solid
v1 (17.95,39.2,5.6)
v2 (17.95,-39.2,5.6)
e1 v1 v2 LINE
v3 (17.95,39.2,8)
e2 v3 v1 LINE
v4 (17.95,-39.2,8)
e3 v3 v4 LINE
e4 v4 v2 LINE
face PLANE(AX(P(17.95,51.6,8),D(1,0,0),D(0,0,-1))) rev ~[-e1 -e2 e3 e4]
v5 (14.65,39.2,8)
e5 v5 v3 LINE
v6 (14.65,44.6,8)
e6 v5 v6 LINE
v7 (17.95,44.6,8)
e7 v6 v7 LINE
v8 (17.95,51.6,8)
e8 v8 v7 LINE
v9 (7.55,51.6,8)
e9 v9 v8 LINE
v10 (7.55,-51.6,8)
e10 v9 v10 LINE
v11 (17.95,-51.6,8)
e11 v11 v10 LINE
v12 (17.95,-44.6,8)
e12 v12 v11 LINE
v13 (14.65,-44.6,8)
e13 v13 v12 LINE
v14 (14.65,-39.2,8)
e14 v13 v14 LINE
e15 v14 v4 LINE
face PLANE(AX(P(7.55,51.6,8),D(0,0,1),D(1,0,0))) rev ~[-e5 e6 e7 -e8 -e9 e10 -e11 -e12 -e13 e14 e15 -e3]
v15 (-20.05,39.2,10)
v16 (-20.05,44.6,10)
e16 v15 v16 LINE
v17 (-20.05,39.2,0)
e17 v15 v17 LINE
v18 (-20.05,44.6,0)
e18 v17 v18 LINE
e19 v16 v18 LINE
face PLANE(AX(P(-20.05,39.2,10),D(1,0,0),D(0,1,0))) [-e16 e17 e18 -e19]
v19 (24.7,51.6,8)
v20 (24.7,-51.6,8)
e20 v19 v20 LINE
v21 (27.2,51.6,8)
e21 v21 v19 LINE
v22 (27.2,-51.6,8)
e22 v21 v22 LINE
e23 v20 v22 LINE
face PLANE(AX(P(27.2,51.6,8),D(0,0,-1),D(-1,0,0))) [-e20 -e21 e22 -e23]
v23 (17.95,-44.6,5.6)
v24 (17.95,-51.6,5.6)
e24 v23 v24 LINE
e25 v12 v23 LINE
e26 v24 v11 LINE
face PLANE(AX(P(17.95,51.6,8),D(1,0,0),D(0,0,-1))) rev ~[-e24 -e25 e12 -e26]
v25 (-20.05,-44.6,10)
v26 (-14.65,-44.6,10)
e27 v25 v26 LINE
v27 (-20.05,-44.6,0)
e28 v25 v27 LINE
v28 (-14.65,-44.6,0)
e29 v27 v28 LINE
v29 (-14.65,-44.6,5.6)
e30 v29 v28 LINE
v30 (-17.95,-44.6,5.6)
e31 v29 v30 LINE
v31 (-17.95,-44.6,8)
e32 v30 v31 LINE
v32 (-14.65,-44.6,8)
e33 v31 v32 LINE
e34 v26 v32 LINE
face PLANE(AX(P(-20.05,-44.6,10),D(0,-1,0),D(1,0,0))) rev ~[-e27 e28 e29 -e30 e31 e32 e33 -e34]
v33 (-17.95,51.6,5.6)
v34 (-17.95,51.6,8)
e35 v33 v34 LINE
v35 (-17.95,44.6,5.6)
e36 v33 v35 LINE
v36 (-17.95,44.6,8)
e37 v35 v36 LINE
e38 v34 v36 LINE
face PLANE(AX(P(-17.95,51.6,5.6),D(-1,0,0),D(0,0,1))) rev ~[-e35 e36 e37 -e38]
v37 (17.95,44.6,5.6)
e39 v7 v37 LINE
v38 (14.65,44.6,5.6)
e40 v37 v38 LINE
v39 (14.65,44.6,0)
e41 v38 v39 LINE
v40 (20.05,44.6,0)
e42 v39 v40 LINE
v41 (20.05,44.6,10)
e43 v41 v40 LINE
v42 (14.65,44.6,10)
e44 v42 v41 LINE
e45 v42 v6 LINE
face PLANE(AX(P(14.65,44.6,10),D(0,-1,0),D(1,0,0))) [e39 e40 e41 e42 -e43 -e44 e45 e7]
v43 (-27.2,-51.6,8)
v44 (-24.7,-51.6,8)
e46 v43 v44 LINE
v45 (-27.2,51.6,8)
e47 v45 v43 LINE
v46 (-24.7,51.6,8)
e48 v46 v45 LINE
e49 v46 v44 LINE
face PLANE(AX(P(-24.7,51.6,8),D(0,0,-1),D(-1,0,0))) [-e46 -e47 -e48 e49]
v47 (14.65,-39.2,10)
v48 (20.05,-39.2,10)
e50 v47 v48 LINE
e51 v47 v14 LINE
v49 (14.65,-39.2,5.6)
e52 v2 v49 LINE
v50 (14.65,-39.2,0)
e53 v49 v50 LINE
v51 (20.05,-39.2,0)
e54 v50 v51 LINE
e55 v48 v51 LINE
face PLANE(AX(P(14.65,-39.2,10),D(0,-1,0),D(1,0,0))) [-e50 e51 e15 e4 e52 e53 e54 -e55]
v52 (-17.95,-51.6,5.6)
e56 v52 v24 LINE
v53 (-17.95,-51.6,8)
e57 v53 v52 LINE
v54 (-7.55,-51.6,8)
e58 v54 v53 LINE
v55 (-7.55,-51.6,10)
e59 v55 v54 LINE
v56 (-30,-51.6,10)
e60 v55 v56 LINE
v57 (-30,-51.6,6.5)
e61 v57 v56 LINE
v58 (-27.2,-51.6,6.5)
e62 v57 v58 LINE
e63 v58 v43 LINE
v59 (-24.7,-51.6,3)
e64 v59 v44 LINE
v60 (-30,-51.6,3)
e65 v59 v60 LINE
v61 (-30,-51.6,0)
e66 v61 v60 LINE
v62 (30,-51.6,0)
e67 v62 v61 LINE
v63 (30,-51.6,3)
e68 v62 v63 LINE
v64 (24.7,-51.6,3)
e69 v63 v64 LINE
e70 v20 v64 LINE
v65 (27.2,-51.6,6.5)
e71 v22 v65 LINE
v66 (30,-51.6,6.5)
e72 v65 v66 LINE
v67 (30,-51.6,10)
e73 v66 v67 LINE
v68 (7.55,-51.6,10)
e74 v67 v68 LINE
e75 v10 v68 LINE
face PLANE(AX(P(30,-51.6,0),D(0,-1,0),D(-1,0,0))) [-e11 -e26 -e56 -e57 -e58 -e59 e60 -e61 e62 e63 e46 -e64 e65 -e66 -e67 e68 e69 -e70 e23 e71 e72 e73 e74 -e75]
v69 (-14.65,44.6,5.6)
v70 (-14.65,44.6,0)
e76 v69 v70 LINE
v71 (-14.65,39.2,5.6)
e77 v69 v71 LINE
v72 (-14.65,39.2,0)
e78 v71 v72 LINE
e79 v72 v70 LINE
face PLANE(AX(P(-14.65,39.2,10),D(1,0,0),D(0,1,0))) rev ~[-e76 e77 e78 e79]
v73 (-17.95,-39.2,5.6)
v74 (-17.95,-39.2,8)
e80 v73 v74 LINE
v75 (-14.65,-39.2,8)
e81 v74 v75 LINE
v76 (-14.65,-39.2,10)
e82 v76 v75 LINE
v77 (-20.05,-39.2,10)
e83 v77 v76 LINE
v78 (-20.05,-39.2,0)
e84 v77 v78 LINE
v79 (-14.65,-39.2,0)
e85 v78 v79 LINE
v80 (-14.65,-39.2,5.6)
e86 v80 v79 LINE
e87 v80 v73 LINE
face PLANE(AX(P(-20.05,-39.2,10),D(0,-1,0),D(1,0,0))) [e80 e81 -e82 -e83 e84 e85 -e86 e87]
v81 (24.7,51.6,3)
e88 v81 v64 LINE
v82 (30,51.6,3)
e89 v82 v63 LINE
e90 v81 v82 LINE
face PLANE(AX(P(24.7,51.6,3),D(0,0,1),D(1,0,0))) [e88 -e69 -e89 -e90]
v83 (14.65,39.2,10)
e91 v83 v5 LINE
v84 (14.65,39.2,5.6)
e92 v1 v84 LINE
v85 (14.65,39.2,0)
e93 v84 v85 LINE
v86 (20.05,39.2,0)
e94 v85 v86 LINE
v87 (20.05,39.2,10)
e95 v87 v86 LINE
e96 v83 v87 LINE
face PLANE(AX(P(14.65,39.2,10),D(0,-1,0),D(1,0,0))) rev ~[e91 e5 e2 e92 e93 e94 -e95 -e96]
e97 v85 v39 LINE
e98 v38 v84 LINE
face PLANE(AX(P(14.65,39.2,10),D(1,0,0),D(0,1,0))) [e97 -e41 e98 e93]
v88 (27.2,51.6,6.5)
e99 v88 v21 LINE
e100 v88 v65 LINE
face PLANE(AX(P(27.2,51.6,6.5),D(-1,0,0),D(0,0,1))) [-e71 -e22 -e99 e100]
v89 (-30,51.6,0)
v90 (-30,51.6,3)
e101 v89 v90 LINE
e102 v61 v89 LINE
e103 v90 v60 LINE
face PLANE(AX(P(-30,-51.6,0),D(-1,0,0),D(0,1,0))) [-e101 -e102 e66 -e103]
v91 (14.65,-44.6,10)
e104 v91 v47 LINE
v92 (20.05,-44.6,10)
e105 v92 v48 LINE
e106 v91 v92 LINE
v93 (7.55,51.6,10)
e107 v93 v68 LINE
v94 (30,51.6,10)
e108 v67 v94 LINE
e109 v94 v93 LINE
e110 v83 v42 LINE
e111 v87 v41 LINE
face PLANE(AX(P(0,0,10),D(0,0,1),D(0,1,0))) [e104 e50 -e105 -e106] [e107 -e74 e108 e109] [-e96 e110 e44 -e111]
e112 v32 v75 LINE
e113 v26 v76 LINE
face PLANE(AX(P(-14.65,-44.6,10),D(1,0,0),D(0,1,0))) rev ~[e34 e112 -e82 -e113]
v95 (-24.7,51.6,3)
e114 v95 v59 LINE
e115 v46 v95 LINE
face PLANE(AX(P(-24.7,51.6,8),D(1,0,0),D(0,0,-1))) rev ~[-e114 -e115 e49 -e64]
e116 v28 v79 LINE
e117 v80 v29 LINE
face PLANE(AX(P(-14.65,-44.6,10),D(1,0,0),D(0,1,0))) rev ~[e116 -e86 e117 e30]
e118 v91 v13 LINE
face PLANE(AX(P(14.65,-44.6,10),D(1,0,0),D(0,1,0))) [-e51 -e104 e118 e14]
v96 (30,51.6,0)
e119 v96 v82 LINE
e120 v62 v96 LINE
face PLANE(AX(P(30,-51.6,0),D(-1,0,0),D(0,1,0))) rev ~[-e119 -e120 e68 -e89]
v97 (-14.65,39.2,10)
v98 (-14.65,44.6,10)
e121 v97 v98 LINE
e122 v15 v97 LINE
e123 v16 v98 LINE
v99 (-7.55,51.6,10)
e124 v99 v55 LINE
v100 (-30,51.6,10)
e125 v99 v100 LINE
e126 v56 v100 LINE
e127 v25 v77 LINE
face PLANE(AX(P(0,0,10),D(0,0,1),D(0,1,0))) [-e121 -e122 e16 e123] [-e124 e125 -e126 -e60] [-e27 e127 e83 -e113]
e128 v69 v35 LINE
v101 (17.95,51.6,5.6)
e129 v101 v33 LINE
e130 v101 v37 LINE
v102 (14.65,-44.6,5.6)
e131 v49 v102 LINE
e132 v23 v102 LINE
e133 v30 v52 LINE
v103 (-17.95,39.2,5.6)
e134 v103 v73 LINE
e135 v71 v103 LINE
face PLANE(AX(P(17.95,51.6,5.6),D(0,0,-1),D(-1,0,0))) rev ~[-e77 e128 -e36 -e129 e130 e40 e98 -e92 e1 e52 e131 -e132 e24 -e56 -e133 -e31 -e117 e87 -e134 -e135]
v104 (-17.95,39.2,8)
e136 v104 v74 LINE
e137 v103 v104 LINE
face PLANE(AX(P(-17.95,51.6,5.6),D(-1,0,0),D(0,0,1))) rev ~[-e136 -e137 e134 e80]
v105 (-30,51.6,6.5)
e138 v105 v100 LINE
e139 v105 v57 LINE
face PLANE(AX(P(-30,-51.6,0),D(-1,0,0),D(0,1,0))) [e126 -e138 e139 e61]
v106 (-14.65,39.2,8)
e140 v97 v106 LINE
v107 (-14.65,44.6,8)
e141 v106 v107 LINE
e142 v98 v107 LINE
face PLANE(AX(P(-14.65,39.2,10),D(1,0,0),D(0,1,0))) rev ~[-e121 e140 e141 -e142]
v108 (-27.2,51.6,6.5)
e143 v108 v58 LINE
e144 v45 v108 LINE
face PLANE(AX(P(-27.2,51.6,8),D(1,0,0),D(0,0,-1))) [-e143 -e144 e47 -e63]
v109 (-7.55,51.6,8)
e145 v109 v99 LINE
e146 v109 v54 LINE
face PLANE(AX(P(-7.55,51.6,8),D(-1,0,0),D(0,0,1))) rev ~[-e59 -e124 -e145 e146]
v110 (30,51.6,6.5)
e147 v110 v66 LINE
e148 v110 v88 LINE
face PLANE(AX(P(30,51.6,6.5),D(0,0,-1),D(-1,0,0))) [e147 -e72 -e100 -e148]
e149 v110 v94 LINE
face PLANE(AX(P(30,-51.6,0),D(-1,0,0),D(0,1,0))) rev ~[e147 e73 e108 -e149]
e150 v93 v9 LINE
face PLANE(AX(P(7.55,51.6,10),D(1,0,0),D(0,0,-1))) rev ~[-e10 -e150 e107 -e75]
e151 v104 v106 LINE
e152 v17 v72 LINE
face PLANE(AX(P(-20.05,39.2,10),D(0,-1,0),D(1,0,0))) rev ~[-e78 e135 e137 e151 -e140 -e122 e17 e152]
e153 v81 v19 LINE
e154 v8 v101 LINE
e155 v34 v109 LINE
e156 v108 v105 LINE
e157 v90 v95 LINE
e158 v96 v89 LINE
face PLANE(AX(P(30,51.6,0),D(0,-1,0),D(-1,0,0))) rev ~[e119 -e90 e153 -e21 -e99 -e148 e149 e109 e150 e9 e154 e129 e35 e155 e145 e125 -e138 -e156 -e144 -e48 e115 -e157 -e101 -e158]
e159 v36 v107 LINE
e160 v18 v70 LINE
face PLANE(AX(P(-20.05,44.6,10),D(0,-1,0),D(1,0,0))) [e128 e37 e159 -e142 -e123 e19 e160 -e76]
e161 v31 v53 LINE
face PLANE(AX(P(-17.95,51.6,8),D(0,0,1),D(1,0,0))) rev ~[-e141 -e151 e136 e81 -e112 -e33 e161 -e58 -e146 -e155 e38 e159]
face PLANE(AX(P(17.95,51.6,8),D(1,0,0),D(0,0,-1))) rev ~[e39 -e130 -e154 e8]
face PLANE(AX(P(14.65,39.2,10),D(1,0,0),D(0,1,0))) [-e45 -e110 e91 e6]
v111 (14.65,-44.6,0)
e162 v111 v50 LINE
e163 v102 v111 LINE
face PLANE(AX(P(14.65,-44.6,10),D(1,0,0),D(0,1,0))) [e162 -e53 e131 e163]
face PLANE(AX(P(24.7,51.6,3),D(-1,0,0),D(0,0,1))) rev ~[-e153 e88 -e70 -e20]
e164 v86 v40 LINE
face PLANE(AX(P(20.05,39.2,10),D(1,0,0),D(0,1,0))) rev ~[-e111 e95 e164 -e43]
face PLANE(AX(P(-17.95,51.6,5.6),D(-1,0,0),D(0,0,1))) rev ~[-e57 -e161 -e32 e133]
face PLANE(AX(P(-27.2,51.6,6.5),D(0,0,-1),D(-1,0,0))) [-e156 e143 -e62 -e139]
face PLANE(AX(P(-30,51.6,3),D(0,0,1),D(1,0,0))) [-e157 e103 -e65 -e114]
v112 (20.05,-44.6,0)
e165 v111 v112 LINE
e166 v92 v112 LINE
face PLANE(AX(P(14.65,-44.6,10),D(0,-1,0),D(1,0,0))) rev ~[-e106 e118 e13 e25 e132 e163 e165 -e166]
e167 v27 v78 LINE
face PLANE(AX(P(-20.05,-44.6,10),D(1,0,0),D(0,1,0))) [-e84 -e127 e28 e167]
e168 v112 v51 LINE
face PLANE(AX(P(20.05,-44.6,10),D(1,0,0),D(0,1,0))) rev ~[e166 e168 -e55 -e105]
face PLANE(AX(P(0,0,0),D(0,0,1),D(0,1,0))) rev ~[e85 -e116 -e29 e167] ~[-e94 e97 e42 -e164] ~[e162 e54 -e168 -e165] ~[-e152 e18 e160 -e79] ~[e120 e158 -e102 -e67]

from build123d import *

# Parameters (mm, degrees)
SKETCH1_W           = 103.2
SKETCH1_H           = 60
BOSS_EXTRUDE1_DEPTH = 10
CUT_EXTRUDE6_DEPTH  = 108.936277497
SKETCH16_W          = 5.4
SKETCH16_H          = 5.4
CUT_EXTRUDE7_DEPTH  = 61.519087898


with BuildPart() as part:
    # Sketch1 → Boss-Extrude1 (new body)
    with BuildSketch(Plane(origin=(0, 0, 0), x_dir=(0, 1, 0), z_dir=(0, 0, 1))):
        Rectangle(SKETCH1_W, SKETCH1_H)
    extrude(amount=BOSS_EXTRUDE1_DEPTH)

    # Sketch14 → Cut-Extrude6 (cut, through all)
    with BuildSketch(Plane(origin=(0, 51.6, 0), x_dir=(-1, 0, 0), z_dir=(0, 1, 0))):
        Polygon((-30, 6.5), (-27.2, 6.5), (-27.2, 8), (-24.7, 8), (-24.7, 6), (-24.7, 3), (-30, 3), align=None)
        Polygon((30, 6.5), (30, 3), (24.7, 3), (24.7, 6), (24.7, 8), (27.2, 8), (27.2, 6.5), align=None)
        Polygon((17.95, 8), (7.55, 8), (7.55, 10), (-7.55, 10), (-7.55, 8), (-17.95, 8), (-17.95, 5.6), (17.95, 5.6), align=None)
    extrude(amount=-CUT_EXTRUDE6_DEPTH, mode=Mode.SUBTRACT)

    # Sketch16 → Cut-Extrude7 (cut, through all)
    with BuildSketch(Plane.XY.offset(10)):
        with Locations((17.35, -41.9)):
            Rectangle(SKETCH16_W, SKETCH16_H)
        with Locations((17.35, 41.9)):
            Rectangle(SKETCH16_W, SKETCH16_H)
        with Locations((-17.35, 41.9)):
            Rectangle(SKETCH16_W, SKETCH16_H)
        with Locations((-17.35, -41.9)):
            Rectangle(SKETCH16_W, SKETCH16_H)
    extrude(amount=-CUT_EXTRUDE7_DEPTH, mode=Mode.SUBTRACT)


solid = part.part
